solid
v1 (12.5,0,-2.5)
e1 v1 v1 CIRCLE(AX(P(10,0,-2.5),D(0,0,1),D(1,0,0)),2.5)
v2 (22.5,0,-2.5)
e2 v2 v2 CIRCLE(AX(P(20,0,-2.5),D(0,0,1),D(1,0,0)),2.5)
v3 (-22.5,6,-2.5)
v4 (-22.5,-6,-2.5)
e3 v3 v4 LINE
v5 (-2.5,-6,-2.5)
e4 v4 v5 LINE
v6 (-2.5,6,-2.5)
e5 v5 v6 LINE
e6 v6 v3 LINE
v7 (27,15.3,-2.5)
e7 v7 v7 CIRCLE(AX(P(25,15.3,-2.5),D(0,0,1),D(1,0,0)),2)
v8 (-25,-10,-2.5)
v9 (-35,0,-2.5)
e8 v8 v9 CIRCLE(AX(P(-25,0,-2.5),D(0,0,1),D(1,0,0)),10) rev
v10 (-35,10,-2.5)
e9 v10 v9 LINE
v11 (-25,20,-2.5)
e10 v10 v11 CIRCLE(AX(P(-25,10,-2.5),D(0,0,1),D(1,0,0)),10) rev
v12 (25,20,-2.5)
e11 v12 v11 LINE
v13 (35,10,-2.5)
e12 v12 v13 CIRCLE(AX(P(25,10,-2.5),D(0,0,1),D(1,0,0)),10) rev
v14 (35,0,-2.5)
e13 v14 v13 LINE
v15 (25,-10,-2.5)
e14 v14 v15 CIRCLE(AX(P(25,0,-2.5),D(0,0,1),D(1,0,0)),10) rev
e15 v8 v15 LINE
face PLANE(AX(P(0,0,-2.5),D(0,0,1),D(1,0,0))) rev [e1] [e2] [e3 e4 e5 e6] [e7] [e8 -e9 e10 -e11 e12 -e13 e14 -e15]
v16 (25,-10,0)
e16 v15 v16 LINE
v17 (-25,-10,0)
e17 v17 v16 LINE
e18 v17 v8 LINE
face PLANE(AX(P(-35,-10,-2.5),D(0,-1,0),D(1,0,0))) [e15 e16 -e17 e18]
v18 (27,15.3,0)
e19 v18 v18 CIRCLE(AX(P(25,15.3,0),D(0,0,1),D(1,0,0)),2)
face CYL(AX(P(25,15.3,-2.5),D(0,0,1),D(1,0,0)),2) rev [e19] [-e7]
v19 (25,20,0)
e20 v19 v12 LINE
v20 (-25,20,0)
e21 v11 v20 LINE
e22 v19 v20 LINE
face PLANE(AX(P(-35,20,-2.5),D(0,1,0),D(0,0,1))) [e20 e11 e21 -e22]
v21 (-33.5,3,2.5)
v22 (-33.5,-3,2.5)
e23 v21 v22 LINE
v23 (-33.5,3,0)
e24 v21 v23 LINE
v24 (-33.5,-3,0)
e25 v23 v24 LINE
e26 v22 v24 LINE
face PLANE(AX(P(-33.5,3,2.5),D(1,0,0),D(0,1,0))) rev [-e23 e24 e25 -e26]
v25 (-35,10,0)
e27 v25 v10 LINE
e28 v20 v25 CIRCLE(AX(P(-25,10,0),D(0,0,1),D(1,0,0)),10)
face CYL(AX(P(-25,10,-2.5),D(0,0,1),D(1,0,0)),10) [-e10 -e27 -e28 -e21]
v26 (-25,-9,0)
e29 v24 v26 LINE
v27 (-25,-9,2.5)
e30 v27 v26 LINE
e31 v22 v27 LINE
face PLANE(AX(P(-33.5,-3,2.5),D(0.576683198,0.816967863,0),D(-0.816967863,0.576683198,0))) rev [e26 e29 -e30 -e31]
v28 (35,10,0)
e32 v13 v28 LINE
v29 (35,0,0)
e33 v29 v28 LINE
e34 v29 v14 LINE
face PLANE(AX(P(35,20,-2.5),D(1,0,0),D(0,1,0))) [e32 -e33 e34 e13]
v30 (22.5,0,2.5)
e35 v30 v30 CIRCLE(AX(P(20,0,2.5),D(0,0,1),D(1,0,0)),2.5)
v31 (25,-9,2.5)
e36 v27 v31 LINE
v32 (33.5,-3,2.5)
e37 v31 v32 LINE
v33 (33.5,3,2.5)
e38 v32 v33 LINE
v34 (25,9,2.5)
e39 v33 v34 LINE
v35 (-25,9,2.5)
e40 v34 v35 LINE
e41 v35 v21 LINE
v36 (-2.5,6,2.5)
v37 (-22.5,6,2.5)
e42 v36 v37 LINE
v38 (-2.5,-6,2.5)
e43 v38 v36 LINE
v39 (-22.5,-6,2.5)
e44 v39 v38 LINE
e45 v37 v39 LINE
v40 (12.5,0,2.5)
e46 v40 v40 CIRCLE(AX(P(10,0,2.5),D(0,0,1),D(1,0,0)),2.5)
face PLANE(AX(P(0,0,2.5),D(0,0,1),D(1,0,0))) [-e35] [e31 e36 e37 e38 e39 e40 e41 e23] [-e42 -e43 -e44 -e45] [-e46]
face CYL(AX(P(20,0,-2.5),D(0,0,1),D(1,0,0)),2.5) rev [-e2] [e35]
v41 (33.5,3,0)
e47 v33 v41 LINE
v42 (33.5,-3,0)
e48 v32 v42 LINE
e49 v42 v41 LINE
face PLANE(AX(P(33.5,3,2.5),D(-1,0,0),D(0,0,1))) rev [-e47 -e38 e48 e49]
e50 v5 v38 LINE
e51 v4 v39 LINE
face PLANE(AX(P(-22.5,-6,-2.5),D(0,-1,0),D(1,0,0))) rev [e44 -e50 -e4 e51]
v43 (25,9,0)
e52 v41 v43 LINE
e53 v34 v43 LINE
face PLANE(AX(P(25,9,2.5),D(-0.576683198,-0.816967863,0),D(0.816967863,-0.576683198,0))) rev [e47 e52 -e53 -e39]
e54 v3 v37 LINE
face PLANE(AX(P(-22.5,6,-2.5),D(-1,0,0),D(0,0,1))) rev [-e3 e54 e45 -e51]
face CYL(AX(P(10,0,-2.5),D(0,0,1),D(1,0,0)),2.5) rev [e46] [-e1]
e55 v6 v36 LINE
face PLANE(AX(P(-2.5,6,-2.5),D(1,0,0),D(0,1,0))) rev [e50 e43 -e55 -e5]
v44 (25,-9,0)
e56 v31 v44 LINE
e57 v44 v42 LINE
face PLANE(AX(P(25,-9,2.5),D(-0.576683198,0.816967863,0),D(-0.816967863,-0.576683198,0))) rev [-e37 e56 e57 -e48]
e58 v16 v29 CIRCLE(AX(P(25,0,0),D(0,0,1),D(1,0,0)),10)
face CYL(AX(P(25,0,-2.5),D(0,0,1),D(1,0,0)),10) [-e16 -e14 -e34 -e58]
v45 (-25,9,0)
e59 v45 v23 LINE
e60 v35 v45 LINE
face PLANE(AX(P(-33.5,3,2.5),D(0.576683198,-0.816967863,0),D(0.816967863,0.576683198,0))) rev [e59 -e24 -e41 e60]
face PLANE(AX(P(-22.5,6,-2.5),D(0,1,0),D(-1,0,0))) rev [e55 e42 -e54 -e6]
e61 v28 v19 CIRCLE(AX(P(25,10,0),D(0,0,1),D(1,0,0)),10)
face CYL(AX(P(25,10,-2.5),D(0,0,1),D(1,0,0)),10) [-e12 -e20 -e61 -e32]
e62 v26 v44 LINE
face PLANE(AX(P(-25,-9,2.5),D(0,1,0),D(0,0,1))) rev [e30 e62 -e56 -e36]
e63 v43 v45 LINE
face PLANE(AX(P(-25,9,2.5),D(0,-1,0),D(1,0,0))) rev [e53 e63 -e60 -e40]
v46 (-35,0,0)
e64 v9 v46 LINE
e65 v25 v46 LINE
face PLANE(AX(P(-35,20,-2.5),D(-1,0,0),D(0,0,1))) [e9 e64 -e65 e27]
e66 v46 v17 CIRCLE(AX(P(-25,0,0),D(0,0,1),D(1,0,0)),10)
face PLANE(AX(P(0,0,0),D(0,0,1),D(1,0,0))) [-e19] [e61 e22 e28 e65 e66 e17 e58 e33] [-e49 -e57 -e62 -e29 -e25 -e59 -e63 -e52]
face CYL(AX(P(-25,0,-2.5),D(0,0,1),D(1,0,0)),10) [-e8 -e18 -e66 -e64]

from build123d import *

# Parameters (mm, degrees)
BOSS_EXTRUDE1_DEPTH     = 2.5
SKETCH2_W               = 70
SKETCH2_H               = 30
BOSS_EXTRUDE2_DEPTH     = 2.5
SKETCH3_R               = 2
CUT_EXTRUDE1_DEPTH      = 2.5
FILLET1_R               = 10
SKETCH4_R               = 2.5
SKETCH4_W               = 20
SKETCH4_H               = 12
CUT_EXTRUDE2_DEPTH      = 3.5
CUT_EXTRUDE2_DEPTH_BACK = 3.5


with BuildPart() as part:
    # Sketch1 → Boss-Extrude1 (new body)
    with BuildSketch(Plane.XY):
        Polygon((-33.5, 3), (-25, 9), (25, 9), (33.5, 3), (33.5, -3), (25, -9), (-25, -9), (-33.5, -3), align=None)
    extrude(amount=BOSS_EXTRUDE1_DEPTH)

    # Sketch2 → Boss-Extrude2 (add)
    with BuildSketch(Plane.XY):
        with Locations((0, 5)):
            Rectangle(SKETCH2_W, SKETCH2_H)
    extrude(amount=-BOSS_EXTRUDE2_DEPTH)

    # Sketch3 → Cut-Extrude1 (cut)
    with BuildSketch(Plane.XY):
        with Locations((25, 15.3)):
            Circle(SKETCH3_R)
    extrude(amount=-CUT_EXTRUDE1_DEPTH, mode=Mode.SUBTRACT)

    # Fillet1
    fillet1_edges = [part.edges().sort_by_distance(p)[0] for p in [
        (35, 20, -1.25),
        (35, -10, -1.25),
        (-35, -10, -1.25),
        (-35, 20, -1.25),
    ]]
    fillet(fillet1_edges, radius=FILLET1_R)

    # Sketch4 → Cut-Extrude2 (cut, two sides)
    with BuildSketch(Plane.XY) as cut_extrude2_sk:
        with Locations((10, 0)):
            Circle(SKETCH4_R)
        with Locations((20, 0)):
            Circle(SKETCH4_R)
        with Locations((-12.5, 0)):
            Rectangle(SKETCH4_W, SKETCH4_H)
    extrude(amount=CUT_EXTRUDE2_DEPTH, mode=Mode.SUBTRACT)
    extrude(cut_extrude2_sk.sketch, amount=-CUT_EXTRUDE2_DEPTH_BACK, mode=Mode.SUBTRACT)


solid = part.part
